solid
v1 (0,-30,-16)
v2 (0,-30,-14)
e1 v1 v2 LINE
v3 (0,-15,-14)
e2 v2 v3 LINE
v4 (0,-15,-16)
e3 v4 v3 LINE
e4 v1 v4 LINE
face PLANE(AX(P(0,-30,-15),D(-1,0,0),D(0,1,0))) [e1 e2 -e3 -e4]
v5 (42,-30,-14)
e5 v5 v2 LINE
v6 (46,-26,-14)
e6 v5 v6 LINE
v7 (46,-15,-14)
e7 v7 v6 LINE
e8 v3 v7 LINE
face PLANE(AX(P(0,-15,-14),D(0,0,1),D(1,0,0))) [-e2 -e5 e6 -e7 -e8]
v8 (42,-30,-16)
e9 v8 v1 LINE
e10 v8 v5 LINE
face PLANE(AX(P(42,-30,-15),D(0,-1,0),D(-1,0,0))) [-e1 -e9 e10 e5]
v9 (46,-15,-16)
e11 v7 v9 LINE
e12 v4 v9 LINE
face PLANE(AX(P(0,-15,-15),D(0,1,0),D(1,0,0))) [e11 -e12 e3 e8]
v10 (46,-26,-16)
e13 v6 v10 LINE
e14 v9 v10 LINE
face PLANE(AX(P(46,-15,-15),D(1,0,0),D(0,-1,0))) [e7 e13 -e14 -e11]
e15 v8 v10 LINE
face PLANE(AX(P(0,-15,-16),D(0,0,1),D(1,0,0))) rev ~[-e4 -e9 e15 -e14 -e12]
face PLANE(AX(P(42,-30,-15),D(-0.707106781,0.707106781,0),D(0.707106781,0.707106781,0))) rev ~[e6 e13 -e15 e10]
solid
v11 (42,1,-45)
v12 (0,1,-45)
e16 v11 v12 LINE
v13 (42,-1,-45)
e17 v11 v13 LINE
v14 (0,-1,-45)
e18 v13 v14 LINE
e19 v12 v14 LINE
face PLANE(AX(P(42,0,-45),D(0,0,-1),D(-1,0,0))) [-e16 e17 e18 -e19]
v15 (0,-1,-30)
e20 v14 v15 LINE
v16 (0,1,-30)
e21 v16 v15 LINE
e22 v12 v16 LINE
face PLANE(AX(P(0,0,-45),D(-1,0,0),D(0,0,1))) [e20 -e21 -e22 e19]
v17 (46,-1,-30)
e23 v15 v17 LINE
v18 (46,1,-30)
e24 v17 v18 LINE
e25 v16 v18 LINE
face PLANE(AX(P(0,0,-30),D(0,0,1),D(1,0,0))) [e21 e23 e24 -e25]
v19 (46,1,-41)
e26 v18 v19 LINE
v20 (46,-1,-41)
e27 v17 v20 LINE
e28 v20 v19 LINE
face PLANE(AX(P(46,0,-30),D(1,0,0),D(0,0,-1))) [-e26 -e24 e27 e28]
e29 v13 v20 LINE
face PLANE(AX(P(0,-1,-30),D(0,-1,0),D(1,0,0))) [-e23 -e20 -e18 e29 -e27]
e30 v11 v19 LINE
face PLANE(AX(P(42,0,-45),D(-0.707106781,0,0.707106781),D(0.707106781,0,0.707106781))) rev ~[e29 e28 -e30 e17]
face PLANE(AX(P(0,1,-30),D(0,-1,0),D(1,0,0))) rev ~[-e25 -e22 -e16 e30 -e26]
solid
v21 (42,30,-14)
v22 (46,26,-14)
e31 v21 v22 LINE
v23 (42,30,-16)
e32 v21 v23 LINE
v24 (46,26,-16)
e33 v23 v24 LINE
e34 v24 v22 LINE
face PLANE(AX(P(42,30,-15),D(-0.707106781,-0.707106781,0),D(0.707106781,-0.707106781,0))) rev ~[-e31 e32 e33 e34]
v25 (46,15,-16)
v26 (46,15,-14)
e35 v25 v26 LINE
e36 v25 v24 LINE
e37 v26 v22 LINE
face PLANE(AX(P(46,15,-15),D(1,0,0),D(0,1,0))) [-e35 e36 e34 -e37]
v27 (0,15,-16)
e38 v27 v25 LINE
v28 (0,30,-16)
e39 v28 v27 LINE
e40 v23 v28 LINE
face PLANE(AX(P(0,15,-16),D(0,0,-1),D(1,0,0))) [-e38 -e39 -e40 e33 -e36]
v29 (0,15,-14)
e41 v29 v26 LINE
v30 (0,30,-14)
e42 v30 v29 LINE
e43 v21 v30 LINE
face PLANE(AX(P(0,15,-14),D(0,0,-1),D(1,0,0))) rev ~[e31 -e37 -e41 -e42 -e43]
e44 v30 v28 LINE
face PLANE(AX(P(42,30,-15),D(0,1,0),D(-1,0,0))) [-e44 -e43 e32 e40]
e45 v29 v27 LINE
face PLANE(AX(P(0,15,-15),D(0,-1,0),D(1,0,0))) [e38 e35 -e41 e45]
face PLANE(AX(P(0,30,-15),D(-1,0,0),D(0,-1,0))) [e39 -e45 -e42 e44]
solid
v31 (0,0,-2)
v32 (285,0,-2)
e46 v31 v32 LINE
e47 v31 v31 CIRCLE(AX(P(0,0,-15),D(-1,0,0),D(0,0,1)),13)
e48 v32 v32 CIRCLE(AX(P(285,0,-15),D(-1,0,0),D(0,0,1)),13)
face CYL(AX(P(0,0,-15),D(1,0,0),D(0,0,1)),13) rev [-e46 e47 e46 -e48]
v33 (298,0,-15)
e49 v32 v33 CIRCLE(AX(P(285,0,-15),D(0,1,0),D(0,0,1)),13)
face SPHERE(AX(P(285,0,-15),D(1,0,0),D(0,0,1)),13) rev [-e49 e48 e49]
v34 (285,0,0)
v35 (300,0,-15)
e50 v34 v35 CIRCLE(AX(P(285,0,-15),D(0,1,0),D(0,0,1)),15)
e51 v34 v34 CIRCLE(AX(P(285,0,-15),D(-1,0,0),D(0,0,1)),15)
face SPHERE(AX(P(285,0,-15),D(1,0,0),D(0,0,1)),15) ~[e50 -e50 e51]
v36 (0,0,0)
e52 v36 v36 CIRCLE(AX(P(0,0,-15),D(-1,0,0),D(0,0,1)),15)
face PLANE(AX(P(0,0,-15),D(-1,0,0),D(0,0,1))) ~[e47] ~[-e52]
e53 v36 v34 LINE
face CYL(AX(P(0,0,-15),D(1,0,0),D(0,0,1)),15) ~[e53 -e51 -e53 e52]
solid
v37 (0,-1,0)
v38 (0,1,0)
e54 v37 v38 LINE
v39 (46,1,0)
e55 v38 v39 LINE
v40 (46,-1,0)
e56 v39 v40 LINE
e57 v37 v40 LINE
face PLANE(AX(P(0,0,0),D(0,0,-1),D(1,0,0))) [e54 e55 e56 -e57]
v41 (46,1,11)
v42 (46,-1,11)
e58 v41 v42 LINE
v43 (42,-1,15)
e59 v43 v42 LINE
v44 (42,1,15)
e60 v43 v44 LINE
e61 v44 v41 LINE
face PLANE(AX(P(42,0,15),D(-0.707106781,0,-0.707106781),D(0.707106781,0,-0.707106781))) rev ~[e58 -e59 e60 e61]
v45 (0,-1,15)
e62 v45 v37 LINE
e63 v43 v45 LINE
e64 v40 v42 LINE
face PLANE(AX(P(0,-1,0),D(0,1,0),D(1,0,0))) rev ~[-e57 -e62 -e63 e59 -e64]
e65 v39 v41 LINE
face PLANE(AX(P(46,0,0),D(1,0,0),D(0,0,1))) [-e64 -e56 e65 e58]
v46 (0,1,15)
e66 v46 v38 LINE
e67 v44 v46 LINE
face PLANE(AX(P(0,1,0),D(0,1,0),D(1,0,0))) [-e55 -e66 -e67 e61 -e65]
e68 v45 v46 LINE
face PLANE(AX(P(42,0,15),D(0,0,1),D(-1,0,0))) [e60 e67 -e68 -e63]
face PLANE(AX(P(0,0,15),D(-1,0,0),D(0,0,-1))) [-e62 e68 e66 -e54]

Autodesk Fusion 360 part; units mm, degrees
sketch "Sketch1" plane through (0, 0, 0) normal (0, 1, 0) x (1, 0, 0)
  line L0 (0, 0) -> (285, 0)
  arc A0 (285, 0) -> (300, 15) centre (285, 15) ccw
  line L1 (0, 2) -> (285, 2)
  arc A1 (285, 2) -> (298, 15) centre (285, 15) ccw
  line L2 (0, 2) -> (0, 0)
  line L3 (300, 15) -> (298, 15)
  dimension "d1" = 285
revolve "Revolve1" add sketch "Sketch1" angle 360 about axis through (300, 0, -15) along (-1, 0, 0) makes body 1
sketch "Sketch2" plane through (0, 0, 0) normal (0, 1, 0) x (1, 0, 0)
  line L0 (0, 0) -> (46, 0)
  line L1 (46, 0) -> (46, -11)
  line L2 (42, -15) -> (0, -15)
  line L3 (0, -15) -> (0, 0)
  line L4 (42, -15) -> (46, -11)
  dimension "d6" = 46
  dimension "d7" = 15
  dimension "d8" = 45
  dimension "d9" = 4
extrude "Extrude1" add sketch "Sketch2" along normal mid plane 2 separate body makes body 2
pattern_circular "C-Pattern1" count 4 over 360 about axis through (300, 0, -15) along (-1, 0, 0) of bodies 2 makes body 3 at (29.3333, 20, -16) makes body 4 at (29.3333, -1, -35) makes body 5 at (29.3333, -20, -14)
